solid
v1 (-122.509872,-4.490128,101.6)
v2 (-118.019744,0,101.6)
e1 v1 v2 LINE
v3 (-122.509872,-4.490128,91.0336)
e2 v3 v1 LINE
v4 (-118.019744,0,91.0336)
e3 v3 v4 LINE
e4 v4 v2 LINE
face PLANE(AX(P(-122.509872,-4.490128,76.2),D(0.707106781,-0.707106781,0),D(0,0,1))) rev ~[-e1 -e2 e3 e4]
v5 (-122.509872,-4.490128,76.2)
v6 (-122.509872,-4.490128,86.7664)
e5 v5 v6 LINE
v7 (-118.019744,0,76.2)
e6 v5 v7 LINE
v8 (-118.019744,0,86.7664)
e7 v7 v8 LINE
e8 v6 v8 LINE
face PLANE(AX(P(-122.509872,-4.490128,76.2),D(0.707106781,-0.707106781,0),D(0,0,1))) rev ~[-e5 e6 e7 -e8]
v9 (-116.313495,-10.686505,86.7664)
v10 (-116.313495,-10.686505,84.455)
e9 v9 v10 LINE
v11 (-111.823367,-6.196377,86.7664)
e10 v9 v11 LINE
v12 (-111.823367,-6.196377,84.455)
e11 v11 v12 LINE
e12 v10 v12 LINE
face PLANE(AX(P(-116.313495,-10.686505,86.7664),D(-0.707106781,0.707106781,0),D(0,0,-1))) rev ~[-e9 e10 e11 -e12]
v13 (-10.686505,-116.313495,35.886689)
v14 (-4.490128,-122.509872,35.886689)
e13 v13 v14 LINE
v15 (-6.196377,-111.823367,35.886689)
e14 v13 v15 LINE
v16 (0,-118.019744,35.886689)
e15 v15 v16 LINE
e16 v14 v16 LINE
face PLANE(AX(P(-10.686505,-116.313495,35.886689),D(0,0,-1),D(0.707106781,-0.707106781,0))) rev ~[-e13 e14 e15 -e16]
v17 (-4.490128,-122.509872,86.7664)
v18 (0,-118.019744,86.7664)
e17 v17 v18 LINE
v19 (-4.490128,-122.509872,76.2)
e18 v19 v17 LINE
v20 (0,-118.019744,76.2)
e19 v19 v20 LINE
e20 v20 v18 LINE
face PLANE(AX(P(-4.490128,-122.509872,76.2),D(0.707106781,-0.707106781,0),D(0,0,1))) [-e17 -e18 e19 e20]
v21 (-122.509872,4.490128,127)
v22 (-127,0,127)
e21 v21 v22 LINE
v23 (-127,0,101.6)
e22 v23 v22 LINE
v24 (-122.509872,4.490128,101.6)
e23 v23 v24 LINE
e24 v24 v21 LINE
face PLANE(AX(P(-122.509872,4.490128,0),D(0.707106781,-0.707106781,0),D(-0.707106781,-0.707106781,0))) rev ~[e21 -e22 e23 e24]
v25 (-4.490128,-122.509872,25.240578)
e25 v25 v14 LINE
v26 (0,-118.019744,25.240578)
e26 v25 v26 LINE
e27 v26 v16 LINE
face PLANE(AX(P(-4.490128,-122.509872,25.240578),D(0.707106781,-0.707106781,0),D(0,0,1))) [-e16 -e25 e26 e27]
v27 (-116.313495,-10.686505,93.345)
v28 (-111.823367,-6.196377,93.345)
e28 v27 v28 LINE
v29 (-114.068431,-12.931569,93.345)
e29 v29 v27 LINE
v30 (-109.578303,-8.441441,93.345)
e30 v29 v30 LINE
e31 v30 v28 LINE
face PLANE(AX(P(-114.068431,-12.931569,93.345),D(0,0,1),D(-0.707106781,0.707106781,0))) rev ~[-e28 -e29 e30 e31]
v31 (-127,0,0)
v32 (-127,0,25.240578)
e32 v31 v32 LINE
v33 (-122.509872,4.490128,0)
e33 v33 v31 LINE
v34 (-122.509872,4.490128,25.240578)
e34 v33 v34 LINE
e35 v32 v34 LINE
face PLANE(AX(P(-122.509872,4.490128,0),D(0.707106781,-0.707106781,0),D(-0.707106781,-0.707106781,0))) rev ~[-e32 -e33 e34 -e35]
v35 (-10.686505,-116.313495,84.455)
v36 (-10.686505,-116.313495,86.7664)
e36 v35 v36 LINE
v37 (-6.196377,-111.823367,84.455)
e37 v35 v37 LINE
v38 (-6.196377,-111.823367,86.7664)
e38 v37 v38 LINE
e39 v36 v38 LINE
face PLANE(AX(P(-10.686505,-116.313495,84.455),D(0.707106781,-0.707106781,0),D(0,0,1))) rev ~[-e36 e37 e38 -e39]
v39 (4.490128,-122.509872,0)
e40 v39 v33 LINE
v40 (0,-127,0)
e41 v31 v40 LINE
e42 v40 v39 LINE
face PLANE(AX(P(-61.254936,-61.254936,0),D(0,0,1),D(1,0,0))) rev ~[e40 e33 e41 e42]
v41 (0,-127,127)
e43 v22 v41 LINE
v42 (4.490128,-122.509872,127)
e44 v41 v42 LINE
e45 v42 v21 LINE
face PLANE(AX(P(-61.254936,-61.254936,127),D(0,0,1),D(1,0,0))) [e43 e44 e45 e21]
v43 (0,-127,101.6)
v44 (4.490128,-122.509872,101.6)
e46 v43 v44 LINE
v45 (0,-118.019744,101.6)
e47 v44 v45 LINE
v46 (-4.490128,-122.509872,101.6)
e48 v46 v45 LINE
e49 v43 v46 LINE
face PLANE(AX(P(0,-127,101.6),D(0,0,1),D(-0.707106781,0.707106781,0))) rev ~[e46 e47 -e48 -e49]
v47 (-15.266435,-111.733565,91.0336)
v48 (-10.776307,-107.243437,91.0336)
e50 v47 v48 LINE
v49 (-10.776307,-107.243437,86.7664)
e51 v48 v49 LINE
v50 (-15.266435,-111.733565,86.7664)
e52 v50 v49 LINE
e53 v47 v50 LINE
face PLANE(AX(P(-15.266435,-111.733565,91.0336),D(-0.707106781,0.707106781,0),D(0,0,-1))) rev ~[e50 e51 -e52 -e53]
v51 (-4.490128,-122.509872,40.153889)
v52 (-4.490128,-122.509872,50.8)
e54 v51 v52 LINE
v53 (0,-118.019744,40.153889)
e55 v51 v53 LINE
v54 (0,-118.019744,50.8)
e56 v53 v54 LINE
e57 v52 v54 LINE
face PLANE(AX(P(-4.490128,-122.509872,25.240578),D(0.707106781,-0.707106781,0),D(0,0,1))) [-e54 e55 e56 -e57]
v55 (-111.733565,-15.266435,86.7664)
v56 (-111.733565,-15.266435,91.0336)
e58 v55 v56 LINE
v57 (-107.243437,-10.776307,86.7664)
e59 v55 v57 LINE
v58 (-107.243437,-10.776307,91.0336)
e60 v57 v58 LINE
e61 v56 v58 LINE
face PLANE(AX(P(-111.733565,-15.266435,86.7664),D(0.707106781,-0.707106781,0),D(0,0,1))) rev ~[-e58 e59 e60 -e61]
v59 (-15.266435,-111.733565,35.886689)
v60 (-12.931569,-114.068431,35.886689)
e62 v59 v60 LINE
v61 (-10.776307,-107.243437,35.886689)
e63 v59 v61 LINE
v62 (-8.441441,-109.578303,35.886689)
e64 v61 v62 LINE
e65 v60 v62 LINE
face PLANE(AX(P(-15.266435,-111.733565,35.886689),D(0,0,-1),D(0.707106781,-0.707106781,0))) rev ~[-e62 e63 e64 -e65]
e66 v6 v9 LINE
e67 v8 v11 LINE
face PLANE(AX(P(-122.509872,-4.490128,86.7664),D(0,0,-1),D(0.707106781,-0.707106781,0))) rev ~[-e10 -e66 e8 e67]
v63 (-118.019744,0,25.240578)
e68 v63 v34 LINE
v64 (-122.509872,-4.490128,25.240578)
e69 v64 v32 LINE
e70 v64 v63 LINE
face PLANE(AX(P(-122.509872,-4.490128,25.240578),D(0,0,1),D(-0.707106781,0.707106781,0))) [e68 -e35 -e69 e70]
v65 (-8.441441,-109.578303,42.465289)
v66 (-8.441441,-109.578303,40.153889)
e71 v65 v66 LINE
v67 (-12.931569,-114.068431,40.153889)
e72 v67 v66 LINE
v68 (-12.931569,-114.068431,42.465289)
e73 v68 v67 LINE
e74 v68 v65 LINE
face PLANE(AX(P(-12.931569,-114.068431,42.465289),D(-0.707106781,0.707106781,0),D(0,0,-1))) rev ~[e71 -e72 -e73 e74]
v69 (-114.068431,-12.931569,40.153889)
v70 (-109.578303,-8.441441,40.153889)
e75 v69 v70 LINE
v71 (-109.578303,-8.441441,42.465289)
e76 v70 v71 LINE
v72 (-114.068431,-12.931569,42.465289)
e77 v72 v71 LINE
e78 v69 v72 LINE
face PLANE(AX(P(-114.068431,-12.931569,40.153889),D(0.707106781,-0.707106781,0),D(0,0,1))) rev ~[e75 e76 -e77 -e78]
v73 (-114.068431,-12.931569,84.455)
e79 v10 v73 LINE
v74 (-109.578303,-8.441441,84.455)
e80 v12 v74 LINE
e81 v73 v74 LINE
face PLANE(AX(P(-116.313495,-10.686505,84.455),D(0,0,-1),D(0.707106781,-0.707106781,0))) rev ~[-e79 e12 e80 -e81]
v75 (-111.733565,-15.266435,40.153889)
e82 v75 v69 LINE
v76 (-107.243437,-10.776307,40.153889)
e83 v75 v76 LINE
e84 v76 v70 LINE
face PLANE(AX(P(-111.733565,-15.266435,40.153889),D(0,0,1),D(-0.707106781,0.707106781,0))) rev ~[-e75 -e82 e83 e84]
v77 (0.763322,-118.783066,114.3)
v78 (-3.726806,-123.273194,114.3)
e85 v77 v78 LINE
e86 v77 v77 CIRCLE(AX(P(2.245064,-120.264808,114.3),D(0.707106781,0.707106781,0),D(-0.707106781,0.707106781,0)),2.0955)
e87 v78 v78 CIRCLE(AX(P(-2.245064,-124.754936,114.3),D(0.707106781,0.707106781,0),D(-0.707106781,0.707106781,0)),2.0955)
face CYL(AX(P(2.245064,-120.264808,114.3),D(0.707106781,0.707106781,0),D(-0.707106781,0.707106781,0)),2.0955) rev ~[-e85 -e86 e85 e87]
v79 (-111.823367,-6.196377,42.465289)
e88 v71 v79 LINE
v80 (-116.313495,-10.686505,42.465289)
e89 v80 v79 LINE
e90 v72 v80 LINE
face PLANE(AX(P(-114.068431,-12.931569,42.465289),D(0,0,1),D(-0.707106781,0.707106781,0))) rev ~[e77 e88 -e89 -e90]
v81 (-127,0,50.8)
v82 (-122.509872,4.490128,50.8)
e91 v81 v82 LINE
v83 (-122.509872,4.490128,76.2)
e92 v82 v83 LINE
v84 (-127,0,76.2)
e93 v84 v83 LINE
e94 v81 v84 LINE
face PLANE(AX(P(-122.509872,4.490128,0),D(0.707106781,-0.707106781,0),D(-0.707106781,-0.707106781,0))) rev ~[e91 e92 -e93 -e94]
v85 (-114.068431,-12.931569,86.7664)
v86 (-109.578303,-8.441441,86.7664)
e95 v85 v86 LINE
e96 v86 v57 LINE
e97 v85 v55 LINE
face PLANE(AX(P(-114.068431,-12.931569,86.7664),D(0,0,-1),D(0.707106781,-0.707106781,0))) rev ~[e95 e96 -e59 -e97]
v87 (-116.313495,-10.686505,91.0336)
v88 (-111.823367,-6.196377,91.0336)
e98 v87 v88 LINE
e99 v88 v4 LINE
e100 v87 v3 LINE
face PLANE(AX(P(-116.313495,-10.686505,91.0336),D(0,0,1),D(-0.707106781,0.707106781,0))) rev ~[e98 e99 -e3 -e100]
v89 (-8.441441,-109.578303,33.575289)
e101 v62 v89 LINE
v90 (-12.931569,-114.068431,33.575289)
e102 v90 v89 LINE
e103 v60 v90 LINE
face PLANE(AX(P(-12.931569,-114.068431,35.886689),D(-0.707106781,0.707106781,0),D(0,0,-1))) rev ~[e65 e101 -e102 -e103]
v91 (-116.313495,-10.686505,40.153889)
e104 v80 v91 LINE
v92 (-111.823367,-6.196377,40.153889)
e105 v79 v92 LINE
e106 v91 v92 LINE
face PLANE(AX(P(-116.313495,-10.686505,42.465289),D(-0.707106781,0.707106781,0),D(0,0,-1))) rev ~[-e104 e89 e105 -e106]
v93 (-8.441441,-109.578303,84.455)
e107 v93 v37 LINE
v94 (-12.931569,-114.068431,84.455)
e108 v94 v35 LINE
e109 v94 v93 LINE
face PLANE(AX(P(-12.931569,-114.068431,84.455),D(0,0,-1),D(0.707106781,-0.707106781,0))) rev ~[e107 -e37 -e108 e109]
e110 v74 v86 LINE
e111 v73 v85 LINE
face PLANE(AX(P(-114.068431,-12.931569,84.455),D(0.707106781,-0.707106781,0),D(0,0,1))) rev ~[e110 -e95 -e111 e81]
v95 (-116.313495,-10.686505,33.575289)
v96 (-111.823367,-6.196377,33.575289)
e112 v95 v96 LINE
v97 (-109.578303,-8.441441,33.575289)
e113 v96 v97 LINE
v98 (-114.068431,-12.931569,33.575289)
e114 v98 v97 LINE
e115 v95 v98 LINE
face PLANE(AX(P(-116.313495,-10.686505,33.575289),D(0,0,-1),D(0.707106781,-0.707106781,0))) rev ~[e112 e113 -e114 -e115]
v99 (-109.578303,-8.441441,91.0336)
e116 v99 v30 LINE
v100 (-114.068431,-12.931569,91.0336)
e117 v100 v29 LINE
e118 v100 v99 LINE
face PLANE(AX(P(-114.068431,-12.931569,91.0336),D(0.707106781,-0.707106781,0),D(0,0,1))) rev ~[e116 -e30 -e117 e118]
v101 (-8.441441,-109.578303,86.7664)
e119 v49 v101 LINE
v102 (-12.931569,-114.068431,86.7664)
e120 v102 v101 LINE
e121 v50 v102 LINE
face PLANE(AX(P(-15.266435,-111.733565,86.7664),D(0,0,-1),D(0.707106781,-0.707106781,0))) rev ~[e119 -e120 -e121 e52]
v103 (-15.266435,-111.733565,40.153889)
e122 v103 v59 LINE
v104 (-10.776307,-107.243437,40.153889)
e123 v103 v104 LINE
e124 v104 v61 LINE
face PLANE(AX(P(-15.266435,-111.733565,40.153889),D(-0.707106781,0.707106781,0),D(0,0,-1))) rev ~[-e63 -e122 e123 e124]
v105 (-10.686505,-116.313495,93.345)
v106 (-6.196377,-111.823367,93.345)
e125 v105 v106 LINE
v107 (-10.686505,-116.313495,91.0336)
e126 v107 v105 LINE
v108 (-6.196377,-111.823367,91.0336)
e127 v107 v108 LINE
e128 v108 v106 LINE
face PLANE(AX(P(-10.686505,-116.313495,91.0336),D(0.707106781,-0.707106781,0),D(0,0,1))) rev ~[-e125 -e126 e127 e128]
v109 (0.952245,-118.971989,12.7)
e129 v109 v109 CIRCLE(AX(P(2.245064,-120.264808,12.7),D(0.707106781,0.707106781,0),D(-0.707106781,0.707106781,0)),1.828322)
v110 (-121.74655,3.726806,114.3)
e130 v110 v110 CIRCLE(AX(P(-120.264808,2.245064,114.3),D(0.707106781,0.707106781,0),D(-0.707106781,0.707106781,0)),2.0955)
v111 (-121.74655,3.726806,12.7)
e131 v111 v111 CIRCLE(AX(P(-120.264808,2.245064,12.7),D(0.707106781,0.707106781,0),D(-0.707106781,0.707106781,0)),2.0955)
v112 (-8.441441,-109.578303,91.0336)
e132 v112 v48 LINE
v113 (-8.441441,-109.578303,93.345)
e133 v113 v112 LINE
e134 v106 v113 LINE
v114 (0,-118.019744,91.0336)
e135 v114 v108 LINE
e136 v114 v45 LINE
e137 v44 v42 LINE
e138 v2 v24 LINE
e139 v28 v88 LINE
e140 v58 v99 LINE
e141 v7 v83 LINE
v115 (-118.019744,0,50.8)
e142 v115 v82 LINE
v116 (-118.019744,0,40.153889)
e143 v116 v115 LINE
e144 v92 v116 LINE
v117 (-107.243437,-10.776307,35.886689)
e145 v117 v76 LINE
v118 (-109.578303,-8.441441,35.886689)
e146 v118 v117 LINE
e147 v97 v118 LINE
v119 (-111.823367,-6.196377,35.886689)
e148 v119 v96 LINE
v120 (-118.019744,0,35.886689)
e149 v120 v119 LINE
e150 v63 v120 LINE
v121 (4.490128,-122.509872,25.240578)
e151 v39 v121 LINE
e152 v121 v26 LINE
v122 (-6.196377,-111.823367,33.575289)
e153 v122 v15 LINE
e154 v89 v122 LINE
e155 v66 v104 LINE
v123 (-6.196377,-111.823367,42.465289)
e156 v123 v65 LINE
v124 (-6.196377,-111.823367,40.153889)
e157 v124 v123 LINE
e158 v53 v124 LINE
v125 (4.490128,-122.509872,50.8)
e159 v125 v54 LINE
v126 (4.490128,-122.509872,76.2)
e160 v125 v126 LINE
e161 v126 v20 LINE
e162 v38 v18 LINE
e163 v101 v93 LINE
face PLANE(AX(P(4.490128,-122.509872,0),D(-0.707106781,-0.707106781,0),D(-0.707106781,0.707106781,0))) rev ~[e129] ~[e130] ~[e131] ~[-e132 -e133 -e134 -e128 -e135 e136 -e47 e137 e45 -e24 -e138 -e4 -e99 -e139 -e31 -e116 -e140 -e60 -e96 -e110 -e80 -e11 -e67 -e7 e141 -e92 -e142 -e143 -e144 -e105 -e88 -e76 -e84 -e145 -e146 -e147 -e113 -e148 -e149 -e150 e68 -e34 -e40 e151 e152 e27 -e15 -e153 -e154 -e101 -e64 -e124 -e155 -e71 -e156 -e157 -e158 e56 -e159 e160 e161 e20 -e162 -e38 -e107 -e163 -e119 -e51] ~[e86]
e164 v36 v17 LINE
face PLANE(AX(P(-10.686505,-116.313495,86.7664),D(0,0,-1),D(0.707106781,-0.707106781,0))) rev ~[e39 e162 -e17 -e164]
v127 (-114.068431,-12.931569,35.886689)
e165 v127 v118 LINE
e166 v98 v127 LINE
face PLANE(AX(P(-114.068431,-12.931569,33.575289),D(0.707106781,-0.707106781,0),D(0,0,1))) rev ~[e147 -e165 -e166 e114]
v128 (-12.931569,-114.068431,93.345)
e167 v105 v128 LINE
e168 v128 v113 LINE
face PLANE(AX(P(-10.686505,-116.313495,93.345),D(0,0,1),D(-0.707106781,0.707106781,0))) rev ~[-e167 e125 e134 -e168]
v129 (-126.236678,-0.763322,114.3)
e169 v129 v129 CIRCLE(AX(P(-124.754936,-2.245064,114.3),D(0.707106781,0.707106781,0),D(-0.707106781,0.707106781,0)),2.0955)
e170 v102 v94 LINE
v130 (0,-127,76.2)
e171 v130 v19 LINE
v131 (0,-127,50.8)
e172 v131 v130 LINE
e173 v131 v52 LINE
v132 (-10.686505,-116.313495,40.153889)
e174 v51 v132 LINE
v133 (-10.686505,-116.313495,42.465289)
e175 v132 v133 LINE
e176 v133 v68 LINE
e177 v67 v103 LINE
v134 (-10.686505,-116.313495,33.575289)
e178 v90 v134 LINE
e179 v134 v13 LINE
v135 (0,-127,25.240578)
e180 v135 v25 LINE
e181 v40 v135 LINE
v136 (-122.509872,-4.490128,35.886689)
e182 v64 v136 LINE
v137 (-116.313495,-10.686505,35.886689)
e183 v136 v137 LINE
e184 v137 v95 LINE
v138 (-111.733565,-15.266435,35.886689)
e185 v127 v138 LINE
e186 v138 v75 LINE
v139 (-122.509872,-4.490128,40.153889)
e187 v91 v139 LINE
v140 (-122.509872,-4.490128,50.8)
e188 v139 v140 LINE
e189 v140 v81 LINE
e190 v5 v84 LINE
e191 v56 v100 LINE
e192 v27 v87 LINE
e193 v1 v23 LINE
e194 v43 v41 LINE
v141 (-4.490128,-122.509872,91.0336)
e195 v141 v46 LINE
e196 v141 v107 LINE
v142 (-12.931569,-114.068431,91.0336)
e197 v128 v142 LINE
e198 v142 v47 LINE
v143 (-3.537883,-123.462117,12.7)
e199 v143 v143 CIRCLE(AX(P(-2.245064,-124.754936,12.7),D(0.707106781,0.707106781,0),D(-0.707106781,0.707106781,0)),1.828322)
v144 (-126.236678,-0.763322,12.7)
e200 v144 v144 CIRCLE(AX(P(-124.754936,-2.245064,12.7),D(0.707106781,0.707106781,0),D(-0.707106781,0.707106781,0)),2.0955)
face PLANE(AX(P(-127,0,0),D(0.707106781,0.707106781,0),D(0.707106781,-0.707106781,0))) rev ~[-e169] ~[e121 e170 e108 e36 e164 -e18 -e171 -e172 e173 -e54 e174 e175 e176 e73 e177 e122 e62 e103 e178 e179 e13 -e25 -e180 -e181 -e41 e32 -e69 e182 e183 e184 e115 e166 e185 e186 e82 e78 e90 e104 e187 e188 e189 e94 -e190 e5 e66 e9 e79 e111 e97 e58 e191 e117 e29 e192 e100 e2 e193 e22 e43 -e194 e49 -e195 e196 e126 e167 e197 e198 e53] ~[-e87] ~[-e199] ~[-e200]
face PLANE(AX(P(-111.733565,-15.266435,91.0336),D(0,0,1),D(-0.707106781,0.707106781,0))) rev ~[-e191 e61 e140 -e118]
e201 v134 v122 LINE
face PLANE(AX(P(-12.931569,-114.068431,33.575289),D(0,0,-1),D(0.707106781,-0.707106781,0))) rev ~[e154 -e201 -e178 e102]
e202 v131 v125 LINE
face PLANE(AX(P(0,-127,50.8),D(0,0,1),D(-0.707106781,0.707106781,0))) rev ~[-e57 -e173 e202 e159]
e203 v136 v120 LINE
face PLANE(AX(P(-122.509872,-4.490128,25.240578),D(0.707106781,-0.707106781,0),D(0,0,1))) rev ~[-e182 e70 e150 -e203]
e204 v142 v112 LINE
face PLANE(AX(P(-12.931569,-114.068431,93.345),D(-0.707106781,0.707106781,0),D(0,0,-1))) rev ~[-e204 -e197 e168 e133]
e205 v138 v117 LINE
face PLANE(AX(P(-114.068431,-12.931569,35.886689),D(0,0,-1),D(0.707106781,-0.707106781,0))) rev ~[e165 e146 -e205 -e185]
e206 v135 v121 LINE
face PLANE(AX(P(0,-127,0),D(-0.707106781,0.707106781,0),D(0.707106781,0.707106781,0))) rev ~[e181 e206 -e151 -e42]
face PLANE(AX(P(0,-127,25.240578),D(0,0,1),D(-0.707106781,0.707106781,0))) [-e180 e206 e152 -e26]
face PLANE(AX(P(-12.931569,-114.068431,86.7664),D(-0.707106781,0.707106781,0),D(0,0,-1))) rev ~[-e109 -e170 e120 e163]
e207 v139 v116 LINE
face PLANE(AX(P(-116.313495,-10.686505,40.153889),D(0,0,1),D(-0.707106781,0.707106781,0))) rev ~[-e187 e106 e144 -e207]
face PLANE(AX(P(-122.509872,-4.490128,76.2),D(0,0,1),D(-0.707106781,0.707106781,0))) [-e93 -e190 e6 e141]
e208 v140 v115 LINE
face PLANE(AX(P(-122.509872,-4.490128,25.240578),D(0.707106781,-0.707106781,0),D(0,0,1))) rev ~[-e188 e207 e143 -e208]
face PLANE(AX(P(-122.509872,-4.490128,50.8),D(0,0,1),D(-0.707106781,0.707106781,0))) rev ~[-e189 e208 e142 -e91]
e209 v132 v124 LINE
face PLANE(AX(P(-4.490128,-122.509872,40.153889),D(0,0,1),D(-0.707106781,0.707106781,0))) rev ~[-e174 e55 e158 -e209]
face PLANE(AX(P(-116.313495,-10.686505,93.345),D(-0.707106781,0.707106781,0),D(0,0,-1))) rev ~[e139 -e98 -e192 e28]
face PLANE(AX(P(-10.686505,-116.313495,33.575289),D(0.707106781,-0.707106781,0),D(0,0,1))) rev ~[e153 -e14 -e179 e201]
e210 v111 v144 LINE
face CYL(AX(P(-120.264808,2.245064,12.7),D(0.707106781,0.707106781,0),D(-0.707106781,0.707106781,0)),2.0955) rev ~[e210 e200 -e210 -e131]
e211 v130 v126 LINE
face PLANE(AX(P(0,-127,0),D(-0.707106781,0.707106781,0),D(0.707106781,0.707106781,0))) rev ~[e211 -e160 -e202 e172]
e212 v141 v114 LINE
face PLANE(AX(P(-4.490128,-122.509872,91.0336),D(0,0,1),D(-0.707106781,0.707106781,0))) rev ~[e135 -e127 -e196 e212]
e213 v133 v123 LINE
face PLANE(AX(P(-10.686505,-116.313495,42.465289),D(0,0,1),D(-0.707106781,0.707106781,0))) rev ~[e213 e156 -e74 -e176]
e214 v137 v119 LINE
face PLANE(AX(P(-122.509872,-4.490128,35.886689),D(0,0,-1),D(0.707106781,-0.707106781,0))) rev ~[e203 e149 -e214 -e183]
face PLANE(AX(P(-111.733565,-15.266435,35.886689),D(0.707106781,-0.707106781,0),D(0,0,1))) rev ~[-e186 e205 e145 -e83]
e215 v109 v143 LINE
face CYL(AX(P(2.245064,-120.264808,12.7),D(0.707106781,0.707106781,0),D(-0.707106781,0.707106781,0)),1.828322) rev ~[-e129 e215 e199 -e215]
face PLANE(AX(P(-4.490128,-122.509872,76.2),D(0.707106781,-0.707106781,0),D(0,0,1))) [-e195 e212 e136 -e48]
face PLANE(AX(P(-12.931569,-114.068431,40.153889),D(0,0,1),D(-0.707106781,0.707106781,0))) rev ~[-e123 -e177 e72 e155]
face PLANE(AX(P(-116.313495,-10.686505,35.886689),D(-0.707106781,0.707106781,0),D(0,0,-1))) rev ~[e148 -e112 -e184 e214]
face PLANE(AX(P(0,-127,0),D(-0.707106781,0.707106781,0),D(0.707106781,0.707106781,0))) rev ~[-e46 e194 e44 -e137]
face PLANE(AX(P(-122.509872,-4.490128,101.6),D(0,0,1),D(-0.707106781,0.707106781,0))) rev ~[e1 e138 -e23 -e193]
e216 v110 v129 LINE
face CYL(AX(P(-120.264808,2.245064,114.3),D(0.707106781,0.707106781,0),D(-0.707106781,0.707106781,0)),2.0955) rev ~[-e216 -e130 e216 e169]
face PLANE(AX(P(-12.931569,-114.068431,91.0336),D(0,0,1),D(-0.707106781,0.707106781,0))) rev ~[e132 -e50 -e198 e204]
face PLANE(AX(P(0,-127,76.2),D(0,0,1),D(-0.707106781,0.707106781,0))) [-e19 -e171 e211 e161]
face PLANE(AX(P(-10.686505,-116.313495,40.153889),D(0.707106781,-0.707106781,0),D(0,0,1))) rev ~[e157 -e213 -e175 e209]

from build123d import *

# Parameters (mm, degrees)
BOSS_EXTRUDE1_DEPTH = 127
SKETCH2_W           = 25.4
SKETCH2_H           = 6.35
SKETCH2_W_2         = 25.559422118
CUT_EXTRUDE1_DEPTH  = 6.35
CUT_EXTRUDE2_DEPTH  = 6.35
SKETCH4_R           = 2.0955
SKETCH4_R_2         = 1.828321723
CUT_EXTRUDE3_DEPTH  = 6.35


with BuildPart() as part:
    # Sketch1 → Boss-Extrude1 (new body)
    with BuildSketch(Plane.XY):
        Polygon((-127, 0), (0, -127), (4.490128061, -122.509871939), (-122.509871939, 4.490128061), align=None)
    extrude(amount=BOSS_EXTRUDE1_DEPTH)

    # Sketch2 → Cut-Extrude1 (cut)
    with BuildSketch(Plane(origin=(-63.5, -63.5, 0), x_dir=(0, 0, 1), z_dir=(-0.7071067811865509, -0.7071067811865441, 0))):
        with Locations((88.9, 86.627561211)):
            Rectangle(SKETCH2_W, SKETCH2_H)
        with Locations((38.020288941, 86.627561211)):
            Rectangle(SKETCH2_W_2, SKETCH2_H)
        with Locations((88.9, -86.627561211)):
            Rectangle(SKETCH2_W, SKETCH2_H)
        with Locations((38.020288941, -86.627561211)):
            Rectangle(SKETCH2_W_2, SKETCH2_H)
    extrude(amount=-CUT_EXTRUDE1_DEPTH, mode=Mode.SUBTRACT)

    # Sketch3 → Cut-Extrude2 (cut)
    with BuildSketch(Plane(origin=(-63.5, -63.5, 0), x_dir=(0, 0, 1), z_dir=(-0.7071067811865509, -0.7071067811865441, 0))):
        Polygon((91.0336, 83.452561211), (86.7664, 83.452561211), (86.7664, 74.689561211), (84.455, 74.689561211), (84.455, 71.514561211), (86.7664, 71.514561211), (86.7664, 68.212561211), (91.0336, 68.212561211), (91.0336, 71.514561211), (93.345, 71.514561211), (93.345, 74.689561211), (91.0336, 74.689561211), align=None)
        Polygon((40.153888941, 83.452561211), (35.886688941, 83.452561211), (35.886688941, 74.689561211), (33.575288941, 74.689561211), (33.575288941, 71.514561211), (35.886688941, 71.514561211), (35.886688941, 68.212561211), (40.153888941, 68.212561211), (40.153888941, 71.514561211), (42.465288941, 71.514561211), (42.465288941, 74.689561211), (40.153888941, 74.689561211), align=None)
        Polygon((86.7664, -83.452561211), (91.0336, -83.452561211), (91.0336, -74.689561211), (93.345, -74.689561211), (93.345, -71.514561211), (91.0336, -71.514561211), (91.0336, -68.212561211), (86.7664, -68.212561211), (86.7664, -71.514561211), (84.455, -71.514561211), (84.455, -74.689561211), (86.7664, -74.689561211), align=None)
        Polygon((35.886688941, -83.452561211), (40.153888941, -83.452561211), (40.153888941, -74.689561211), (42.465288941, -74.689561211), (42.465288941, -71.514561211), (40.153888941, -71.514561211), (40.153888941, -68.212561211), (35.886688941, -68.212561211), (35.886688941, -71.514561211), (33.575288941, -71.514561211), (33.575288941, -74.689561211), (35.886688941, -74.689561211), align=None)
    extrude(amount=-CUT_EXTRUDE2_DEPTH, mode=Mode.SUBTRACT)

    # Sketch4 → Cut-Extrude3 (cut)
    with BuildSketch(Plane(origin=(-59.009871939, -59.009871939, 0), x_dir=(0, 0, -1), z_dir=(0.707106781186551, 0.7071067811865441, 0))):
        with Locations(Location((-114.3, 86.627561211, 0), (0, 0, 90))):
            Circle(SKETCH4_R)
        with Locations(Location((-12.7, 86.627561211, 0), (0, 0, 90))):
            Circle(SKETCH4_R)
        with Locations(Location((-12.7, -86.627561211, 0), (0, 0, 90))):
            Circle(SKETCH4_R_2)
        with Locations(Location((-114.3, -86.627561211, 0), (0, 0, 90))):
            Circle(SKETCH4_R)
    extrude(amount=-CUT_EXTRUDE3_DEPTH, mode=Mode.SUBTRACT)


solid = part.part
